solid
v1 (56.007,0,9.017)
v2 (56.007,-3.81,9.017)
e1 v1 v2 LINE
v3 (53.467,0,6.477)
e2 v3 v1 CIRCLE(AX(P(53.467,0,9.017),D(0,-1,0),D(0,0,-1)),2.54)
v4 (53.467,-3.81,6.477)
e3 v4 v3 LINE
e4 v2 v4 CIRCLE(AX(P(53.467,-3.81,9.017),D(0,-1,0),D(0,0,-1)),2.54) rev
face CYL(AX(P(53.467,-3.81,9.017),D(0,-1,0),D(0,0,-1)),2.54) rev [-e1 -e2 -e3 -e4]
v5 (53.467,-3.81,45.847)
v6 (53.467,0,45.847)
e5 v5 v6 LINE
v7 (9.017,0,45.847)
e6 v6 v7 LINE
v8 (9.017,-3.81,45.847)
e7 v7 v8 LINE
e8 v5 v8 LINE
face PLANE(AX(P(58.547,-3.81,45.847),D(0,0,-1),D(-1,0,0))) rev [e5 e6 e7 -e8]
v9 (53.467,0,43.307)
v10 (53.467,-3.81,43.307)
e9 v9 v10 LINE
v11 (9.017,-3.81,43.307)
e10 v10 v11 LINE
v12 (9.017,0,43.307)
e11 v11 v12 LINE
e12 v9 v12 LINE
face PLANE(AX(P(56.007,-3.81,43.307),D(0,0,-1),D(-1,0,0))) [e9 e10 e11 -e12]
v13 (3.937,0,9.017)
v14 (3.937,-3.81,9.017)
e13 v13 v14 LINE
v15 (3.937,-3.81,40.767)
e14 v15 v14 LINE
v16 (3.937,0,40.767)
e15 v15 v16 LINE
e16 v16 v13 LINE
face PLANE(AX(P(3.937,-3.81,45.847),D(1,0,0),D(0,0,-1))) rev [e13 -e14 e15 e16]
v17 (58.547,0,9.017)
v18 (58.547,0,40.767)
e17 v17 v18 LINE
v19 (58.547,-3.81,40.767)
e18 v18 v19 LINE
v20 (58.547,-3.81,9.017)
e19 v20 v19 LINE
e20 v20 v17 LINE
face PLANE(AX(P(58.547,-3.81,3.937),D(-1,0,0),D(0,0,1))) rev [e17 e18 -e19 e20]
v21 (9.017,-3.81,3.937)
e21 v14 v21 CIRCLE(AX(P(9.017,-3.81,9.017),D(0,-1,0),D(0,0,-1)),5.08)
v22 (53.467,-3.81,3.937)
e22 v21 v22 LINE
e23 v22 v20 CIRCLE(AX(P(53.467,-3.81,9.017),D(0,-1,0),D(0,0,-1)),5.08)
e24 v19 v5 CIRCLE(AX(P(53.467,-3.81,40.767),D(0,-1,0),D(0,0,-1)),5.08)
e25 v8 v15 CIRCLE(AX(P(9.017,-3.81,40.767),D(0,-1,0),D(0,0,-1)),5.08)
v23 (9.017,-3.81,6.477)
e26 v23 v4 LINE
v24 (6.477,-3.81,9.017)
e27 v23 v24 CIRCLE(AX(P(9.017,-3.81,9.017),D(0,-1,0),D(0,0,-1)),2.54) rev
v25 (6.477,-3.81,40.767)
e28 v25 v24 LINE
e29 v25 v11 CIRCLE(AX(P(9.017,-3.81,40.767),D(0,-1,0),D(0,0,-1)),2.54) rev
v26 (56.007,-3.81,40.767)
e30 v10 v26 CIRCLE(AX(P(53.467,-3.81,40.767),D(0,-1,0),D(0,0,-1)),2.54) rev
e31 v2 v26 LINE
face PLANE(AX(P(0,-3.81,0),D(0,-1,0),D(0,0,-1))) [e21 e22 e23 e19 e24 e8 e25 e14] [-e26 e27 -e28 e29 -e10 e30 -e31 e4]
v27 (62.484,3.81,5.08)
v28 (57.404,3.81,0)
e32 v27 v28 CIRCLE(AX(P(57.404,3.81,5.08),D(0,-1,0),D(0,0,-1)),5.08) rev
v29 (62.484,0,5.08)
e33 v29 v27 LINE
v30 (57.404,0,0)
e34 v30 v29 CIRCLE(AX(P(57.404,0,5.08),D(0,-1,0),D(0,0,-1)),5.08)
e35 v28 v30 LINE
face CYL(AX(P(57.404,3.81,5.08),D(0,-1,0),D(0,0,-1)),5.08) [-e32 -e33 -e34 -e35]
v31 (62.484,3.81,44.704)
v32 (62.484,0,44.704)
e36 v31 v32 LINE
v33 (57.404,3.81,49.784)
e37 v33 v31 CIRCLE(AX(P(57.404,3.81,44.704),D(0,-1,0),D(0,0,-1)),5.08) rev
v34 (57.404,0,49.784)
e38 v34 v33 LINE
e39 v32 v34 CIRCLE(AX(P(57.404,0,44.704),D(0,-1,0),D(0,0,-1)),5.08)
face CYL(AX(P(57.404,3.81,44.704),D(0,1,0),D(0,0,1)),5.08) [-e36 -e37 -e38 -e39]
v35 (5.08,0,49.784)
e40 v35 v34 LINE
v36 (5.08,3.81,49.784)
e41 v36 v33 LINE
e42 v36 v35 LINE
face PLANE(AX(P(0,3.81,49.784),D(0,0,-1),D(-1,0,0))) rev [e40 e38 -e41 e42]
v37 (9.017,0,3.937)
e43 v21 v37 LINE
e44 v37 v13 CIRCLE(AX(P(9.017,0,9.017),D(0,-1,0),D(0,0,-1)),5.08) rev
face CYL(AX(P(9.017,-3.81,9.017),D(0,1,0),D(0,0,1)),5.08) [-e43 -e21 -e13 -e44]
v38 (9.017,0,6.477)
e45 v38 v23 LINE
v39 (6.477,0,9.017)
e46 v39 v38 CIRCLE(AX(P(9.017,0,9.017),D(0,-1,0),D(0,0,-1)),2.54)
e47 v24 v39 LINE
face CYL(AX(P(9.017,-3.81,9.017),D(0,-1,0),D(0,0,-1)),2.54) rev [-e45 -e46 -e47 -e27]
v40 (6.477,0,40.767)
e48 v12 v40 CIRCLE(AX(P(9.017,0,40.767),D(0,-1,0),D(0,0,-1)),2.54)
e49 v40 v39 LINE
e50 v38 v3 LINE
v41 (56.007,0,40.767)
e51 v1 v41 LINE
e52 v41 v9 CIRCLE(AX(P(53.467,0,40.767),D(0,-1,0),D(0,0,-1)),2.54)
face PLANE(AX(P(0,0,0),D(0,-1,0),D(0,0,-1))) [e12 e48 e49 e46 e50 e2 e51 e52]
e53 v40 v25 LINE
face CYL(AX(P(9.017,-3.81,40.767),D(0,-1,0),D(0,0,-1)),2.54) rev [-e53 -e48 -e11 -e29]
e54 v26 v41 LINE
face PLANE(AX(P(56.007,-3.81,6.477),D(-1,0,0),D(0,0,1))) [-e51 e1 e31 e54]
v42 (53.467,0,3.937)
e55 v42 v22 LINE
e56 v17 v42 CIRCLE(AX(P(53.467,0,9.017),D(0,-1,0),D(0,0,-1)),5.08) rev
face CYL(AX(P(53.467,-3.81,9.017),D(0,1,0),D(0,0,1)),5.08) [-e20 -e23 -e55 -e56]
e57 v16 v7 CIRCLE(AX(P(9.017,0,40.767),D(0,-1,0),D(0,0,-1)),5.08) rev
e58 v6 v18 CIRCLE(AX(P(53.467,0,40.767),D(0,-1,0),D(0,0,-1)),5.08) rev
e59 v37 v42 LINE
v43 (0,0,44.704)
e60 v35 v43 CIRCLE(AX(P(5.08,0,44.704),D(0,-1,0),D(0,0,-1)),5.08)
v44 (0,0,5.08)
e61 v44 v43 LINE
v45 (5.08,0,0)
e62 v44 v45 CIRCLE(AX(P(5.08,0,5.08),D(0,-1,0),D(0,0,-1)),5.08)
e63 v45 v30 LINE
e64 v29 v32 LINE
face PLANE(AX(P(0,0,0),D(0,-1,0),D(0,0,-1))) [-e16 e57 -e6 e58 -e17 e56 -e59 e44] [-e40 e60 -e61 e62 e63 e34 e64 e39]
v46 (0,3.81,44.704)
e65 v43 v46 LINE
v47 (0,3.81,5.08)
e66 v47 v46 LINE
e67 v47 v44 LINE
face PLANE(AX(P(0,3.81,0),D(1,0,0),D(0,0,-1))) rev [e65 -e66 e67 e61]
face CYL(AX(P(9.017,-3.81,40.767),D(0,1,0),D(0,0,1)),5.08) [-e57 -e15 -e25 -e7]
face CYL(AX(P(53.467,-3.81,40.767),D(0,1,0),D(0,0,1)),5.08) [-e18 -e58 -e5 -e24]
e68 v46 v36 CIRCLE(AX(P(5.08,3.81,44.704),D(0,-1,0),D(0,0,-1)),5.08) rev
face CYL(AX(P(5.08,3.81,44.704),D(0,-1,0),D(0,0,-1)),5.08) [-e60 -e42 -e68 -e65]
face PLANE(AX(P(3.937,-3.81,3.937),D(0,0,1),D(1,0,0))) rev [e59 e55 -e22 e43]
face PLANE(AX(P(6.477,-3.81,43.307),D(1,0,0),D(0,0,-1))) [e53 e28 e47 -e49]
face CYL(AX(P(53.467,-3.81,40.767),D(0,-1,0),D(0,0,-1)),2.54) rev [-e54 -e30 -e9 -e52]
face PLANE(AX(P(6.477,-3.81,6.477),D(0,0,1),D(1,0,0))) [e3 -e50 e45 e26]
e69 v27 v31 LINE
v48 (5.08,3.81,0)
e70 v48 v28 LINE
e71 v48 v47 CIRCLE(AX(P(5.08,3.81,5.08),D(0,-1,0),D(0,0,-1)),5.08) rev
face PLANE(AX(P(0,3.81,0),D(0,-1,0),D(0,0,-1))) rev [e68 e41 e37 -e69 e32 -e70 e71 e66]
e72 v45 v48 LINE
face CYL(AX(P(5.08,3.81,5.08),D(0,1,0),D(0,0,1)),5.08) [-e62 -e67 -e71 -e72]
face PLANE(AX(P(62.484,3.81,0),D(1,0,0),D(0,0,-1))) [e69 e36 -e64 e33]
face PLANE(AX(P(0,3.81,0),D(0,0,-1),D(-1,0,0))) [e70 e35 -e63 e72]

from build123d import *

# Parameters (mm, degrees)
SKETCH1_W           = 62.484
SKETCH1_H           = 49.784
BOSS_EXTRUDE1_DEPTH = 3.81
SKETCH2_W           = 54.61
SKETCH2_H           = 41.91
SKETCH2_W_2         = 49.53
SKETCH2_H_2         = 36.83
BOSS_EXTRUDE3_DEPTH = 3.81
FILLET1_R           = 5.08
FILLET2_R           = 5.08
FILLET3_R           = 2.54


with BuildPart() as part:
    # Sketch1 → Boss-Extrude1 (new body)
    with BuildSketch(Plane(origin=(0, 0, 0), x_dir=(1, 0, 0), z_dir=(0, 1, 0))):
        with Locations((31.242, -24.892)):
            Rectangle(SKETCH1_W, SKETCH1_H)
    extrude(amount=BOSS_EXTRUDE1_DEPTH)

    # Sketch2 → Boss-Extrude3 (add)
    with BuildSketch(Plane.XZ):
        with Locations((31.242, 24.892)):
            Rectangle(SKETCH2_W, SKETCH2_H)
        with Locations((31.242, 24.892)):
            Rectangle(SKETCH2_W_2, SKETCH2_H_2, mode=Mode.SUBTRACT)
    extrude(amount=BOSS_EXTRUDE3_DEPTH)

    # Fillet1
    fillet1_edges = [part.edges().sort_by_distance(p)[0] for p in [
        (0, 1.905, 49.784),
        (0, 1.905, 0),
        (62.484, 1.905, 0),
        (62.484, 1.905, 49.784),
    ]]
    fillet(fillet1_edges, radius=FILLET1_R)

    # Fillet2
    fillet2_edges = [part.edges().sort_by_distance(p)[0] for p in [
        (58.547, -1.905, 3.937),
        (58.547, -1.905, 45.847),
        (3.937, -1.905, 45.847),
        (3.937, -1.905, 3.937),
    ]]
    fillet(fillet2_edges, radius=FILLET2_R)

    # Fillet3
    fillet3_edges = [part.edges().sort_by_distance(p)[0] for p in [
        (56.007, -1.905, 43.307),
        (6.477, -1.905, 43.307),
        (6.477, -1.905, 6.477),
        (56.007, -1.905, 6.477),
    ]]
    fillet(fillet3_edges, radius=FILLET3_R)


solid = part.part
